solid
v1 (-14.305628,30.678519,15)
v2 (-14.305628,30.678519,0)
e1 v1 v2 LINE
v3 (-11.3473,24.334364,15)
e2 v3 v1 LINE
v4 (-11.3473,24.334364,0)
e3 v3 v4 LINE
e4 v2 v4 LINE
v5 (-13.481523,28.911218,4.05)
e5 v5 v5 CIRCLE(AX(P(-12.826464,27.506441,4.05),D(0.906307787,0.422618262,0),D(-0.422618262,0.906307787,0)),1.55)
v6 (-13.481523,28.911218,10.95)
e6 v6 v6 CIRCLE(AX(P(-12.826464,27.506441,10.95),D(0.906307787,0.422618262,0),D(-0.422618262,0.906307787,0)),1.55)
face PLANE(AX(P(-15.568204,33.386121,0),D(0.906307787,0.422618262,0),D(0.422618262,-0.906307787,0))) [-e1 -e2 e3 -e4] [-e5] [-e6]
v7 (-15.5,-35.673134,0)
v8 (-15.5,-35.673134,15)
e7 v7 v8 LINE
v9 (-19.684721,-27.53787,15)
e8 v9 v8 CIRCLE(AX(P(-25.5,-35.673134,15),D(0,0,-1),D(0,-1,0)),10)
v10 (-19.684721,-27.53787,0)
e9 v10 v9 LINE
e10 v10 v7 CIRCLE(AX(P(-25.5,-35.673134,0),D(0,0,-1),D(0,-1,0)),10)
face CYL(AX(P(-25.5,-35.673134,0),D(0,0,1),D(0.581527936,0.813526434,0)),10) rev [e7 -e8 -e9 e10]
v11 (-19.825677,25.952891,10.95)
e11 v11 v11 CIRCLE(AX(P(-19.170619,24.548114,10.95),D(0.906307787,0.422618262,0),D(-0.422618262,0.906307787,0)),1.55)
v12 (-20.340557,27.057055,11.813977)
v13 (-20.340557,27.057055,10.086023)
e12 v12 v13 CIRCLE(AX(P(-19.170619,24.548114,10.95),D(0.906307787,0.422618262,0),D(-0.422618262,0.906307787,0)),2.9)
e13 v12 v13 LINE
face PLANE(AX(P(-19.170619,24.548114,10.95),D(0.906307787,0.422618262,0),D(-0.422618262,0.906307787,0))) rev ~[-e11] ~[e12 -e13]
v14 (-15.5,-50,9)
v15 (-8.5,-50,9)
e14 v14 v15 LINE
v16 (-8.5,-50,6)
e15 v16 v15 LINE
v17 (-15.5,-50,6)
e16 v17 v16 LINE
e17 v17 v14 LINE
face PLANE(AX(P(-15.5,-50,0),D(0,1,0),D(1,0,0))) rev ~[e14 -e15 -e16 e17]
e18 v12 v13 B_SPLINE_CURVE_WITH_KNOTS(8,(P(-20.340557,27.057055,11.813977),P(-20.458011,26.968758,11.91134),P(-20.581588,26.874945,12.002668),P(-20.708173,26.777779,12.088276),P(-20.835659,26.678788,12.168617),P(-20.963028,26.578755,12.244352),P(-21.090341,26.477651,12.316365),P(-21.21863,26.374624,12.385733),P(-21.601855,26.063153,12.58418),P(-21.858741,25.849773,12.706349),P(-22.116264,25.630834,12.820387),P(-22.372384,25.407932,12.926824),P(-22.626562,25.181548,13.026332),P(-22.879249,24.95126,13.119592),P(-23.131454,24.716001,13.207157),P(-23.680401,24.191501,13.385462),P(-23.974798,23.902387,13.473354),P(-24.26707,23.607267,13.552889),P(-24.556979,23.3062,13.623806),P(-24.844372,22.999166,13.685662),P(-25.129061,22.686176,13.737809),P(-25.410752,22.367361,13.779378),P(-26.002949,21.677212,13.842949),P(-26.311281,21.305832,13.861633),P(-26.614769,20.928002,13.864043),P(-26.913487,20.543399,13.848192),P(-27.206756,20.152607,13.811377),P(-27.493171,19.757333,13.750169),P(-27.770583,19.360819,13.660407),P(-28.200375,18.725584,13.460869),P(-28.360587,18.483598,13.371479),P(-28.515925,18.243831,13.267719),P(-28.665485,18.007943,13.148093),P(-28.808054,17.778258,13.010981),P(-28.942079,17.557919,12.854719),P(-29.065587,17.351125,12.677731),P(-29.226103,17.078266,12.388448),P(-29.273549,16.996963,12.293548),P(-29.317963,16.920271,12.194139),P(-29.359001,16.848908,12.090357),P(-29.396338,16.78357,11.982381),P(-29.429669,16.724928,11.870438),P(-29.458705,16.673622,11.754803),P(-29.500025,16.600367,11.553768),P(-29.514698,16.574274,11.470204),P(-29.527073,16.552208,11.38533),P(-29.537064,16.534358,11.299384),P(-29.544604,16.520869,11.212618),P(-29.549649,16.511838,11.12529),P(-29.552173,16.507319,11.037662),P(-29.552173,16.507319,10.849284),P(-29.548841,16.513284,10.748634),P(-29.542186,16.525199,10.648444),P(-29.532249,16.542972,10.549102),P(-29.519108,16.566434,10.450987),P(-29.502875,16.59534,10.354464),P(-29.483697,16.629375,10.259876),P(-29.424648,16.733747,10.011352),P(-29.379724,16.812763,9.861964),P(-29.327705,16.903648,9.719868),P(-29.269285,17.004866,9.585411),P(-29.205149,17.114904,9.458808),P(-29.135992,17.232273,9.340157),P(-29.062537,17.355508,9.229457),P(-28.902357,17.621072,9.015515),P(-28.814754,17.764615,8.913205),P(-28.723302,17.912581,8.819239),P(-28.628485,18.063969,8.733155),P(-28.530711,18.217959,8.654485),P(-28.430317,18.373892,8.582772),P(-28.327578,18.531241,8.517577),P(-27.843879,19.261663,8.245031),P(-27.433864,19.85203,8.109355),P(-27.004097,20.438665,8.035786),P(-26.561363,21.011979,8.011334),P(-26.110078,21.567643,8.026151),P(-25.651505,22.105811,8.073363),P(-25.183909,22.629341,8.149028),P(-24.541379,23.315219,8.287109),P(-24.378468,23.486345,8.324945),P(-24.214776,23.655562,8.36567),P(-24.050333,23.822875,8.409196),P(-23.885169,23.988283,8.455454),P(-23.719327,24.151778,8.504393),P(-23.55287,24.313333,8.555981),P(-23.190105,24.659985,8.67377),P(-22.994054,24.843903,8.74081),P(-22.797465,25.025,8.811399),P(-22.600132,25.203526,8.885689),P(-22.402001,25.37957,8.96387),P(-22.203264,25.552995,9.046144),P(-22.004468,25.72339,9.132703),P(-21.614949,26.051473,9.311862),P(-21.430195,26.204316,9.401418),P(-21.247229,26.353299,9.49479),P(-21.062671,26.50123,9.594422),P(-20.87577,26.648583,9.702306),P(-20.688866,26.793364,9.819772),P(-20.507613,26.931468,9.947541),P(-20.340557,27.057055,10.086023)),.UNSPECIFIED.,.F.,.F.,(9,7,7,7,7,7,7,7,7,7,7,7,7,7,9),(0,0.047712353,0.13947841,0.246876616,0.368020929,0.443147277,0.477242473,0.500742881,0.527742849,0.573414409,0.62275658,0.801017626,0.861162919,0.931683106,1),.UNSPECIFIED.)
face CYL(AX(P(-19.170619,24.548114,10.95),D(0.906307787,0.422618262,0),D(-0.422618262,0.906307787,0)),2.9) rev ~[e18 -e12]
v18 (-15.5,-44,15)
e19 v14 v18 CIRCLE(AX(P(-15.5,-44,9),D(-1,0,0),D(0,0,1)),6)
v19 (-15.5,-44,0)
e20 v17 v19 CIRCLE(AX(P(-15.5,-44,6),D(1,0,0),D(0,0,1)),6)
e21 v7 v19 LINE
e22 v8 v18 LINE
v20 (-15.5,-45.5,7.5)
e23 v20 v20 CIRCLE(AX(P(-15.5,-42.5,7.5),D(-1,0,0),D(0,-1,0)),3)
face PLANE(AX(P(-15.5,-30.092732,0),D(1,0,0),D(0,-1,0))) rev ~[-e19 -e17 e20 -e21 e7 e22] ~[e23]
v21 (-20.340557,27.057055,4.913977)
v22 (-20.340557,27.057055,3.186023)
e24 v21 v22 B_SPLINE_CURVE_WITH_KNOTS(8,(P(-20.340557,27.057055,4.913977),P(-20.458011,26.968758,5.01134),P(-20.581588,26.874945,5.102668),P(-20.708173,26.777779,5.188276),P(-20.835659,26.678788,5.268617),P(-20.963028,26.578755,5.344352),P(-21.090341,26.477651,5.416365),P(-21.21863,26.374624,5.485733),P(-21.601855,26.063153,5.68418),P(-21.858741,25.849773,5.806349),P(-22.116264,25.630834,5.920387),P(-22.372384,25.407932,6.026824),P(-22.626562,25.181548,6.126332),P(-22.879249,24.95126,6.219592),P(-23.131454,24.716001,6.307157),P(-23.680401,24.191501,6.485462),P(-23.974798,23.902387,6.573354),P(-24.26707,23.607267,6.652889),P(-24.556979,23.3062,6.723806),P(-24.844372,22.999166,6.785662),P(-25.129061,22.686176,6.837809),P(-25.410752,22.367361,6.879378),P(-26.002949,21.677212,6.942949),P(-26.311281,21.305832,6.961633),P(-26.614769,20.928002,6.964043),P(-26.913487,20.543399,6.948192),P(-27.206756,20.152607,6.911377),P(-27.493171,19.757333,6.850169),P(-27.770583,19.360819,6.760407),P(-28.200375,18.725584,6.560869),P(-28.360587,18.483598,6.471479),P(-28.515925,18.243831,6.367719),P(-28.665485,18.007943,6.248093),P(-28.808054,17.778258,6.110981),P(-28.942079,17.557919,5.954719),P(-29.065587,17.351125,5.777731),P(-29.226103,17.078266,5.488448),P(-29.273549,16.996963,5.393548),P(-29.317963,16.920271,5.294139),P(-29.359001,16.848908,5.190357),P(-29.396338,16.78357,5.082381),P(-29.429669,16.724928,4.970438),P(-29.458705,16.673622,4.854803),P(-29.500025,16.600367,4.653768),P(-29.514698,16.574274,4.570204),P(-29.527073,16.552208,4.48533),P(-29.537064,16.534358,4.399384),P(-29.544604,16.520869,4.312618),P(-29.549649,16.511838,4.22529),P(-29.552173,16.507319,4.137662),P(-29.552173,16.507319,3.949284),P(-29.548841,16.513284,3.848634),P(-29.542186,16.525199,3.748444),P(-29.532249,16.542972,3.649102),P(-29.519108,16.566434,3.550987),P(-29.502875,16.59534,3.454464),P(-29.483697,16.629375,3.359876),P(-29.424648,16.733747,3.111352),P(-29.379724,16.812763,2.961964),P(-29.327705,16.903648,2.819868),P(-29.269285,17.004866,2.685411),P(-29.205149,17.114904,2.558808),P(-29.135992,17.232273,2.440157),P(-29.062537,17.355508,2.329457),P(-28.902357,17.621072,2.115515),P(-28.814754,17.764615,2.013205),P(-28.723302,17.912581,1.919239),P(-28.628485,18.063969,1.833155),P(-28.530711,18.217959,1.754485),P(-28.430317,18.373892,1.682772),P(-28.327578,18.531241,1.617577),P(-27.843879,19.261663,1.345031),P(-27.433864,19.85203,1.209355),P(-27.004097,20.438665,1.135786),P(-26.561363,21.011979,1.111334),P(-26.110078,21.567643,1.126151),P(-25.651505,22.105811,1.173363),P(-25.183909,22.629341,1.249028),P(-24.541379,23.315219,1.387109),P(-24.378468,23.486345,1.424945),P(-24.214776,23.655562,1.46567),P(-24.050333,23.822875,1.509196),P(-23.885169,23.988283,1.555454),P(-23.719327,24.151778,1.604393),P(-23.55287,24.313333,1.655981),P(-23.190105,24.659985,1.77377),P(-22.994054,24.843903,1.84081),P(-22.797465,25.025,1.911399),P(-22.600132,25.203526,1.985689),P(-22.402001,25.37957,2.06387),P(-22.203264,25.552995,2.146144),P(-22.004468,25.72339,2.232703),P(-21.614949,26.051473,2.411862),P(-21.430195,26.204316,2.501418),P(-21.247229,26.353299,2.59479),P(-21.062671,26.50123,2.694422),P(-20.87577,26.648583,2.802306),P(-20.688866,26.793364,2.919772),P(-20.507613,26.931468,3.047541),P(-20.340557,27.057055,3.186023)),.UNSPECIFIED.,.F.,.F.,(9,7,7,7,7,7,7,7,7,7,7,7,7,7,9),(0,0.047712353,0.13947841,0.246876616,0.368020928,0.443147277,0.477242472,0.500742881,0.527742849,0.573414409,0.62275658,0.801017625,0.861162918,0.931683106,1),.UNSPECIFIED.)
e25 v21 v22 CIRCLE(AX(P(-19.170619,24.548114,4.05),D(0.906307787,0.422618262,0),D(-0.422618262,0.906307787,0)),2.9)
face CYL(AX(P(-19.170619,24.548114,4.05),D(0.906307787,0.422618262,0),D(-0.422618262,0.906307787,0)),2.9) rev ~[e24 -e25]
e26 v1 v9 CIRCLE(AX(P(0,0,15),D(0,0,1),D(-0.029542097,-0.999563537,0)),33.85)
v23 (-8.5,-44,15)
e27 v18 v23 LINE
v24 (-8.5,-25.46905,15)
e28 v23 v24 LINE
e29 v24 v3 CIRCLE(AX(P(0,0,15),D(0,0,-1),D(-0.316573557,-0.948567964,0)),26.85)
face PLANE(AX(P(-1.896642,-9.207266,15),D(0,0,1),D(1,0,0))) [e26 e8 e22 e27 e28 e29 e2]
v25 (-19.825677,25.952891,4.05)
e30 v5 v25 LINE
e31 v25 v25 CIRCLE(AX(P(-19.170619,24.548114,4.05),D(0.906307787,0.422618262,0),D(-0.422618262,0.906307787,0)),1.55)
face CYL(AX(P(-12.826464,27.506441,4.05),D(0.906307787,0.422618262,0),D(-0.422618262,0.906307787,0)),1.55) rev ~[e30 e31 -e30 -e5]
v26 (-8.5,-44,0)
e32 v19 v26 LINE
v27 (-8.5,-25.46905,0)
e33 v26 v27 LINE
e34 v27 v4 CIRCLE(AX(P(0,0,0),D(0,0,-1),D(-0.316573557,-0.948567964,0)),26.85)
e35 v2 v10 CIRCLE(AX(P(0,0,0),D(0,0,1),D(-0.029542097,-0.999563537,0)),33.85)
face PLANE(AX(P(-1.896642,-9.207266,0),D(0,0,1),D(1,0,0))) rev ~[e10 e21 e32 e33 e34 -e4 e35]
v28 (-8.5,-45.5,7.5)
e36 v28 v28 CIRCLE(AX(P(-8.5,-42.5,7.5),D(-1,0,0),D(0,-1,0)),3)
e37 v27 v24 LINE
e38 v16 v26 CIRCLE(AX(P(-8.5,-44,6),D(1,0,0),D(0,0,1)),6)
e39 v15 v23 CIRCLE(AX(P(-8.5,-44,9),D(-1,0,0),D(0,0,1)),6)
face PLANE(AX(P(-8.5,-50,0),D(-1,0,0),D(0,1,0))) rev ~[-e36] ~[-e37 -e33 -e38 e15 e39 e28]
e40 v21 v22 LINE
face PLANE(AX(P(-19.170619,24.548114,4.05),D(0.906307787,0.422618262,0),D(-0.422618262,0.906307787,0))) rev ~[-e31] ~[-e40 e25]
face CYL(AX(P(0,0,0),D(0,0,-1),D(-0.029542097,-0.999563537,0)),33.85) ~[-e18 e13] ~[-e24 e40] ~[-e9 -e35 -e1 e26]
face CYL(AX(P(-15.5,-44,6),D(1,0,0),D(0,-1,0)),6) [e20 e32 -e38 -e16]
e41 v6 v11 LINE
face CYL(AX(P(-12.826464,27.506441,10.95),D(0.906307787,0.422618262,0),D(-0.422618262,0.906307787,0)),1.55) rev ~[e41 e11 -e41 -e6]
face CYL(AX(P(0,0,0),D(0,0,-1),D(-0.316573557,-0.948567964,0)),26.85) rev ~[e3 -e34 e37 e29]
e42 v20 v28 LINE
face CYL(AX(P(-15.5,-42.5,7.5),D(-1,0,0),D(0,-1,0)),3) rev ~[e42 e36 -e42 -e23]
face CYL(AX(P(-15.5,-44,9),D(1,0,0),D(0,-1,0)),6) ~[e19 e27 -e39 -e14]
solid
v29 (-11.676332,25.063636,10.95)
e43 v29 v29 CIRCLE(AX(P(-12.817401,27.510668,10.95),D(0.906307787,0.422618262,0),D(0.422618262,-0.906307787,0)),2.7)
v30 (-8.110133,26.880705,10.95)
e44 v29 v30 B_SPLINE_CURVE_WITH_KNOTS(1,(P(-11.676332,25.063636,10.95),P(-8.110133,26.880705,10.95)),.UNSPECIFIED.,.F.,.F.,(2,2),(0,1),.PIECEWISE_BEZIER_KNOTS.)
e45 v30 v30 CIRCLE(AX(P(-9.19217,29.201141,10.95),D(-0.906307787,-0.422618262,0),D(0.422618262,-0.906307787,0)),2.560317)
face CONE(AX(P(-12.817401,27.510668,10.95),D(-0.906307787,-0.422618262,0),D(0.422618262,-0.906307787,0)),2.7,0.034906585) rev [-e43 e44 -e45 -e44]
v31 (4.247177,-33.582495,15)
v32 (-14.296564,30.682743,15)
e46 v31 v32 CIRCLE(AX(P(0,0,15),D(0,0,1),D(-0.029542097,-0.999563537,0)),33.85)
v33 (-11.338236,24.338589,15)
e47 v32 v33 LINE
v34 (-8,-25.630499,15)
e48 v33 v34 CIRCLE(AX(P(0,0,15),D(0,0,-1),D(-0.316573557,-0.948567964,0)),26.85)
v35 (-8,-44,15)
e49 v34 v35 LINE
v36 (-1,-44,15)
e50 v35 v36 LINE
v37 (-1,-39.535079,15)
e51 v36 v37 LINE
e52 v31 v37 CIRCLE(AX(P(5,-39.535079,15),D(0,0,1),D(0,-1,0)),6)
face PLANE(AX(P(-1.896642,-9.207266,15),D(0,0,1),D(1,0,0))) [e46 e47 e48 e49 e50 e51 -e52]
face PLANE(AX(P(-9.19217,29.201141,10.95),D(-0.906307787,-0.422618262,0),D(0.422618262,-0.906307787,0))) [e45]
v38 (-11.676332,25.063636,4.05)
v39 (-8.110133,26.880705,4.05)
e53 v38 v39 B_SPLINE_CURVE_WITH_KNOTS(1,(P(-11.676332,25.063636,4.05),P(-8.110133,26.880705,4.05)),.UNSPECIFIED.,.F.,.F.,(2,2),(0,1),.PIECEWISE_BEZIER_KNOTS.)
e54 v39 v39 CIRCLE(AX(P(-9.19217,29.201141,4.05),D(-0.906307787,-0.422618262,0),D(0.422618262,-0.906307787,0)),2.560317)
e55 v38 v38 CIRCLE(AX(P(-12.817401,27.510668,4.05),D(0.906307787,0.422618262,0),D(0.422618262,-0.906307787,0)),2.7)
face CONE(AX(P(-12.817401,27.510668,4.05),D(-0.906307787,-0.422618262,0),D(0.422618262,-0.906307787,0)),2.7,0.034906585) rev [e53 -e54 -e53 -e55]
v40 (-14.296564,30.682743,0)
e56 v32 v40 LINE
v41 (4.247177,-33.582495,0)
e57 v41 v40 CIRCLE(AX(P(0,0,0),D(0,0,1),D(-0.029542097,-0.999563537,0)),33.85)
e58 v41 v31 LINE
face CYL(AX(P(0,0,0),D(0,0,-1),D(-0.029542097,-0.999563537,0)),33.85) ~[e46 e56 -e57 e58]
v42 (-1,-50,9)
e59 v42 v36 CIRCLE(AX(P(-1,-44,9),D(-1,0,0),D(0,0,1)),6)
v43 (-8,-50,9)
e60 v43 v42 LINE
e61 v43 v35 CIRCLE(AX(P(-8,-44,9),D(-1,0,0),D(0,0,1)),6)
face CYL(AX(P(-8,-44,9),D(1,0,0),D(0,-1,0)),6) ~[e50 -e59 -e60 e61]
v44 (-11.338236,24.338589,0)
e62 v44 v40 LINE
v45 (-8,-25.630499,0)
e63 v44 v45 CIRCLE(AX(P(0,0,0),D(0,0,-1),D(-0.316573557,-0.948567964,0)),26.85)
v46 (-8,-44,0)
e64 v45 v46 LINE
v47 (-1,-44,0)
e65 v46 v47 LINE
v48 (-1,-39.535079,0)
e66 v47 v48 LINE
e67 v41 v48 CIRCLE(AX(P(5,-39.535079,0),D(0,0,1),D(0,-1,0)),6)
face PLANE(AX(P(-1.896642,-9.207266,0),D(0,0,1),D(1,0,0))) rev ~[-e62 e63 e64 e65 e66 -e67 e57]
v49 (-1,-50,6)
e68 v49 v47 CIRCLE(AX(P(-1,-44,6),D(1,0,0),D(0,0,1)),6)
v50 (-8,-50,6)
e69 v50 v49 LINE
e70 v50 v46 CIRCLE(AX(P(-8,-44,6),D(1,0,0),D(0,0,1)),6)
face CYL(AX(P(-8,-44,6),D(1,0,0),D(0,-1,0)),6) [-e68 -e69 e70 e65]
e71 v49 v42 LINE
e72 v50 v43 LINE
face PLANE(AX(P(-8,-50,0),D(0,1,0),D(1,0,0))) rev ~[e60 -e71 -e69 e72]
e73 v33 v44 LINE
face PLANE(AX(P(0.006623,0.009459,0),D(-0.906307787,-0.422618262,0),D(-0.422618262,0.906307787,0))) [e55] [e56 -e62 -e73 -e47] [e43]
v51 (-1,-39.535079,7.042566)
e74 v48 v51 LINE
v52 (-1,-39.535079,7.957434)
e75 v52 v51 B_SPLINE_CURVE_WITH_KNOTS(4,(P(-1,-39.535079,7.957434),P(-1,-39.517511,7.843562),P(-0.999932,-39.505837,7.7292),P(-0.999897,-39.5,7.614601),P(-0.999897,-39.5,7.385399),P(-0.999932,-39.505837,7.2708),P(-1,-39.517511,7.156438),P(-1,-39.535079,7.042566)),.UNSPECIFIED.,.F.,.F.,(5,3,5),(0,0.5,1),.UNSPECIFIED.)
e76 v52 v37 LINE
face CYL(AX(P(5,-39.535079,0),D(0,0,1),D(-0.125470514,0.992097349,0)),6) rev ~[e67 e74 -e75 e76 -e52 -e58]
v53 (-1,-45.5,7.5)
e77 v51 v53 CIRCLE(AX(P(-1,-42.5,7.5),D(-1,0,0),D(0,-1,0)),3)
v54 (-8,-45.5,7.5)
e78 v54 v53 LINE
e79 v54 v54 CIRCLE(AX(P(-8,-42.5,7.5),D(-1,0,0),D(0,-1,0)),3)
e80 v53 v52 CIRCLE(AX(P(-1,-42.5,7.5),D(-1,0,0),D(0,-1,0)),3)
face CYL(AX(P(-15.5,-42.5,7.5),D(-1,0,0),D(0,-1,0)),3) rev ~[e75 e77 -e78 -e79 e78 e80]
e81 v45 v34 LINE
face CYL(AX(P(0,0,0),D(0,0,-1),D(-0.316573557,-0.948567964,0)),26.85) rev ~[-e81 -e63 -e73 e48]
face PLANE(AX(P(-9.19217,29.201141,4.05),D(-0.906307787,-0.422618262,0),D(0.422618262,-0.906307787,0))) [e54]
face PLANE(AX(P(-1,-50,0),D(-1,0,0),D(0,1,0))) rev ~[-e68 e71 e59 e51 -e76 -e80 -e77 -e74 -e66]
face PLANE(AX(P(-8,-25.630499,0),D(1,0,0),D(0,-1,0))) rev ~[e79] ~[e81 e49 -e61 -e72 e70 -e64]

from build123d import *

# Parameters (mm, degrees)
F1_DEPTH       = 15
F2_R           = 6
F3_R           = 10
F4_R           = 6
F5_R           = 3
F6_DEPTH       = 49.351
F8_DEPTH       = 15.0010001
F9_R           = 1.55
F10_DEPTH      = 7
F10_DEPTH_BACK = 3.8
F11_R          = 2.7
F12_DEPTH      = 4
F12_TAPER      = 2
F13_R          = 2.9
F14_DEPTH      = 44.8104316782


with BuildPart() as f1:
    # F0 (on Top) → F1 (new body)
    with BuildSketch(Plane.XY):
        with BuildLine():
            Line((-1, -50), (-1, -33.835225727))
            ThreePointArc((-1, -33.835225727), (8.4595546822, 32.7758819039), (-15.5, -30.0927316806))
            Line((-15.5, -30.0927316806), (-15.5, -50))
            Line((-15.5, -50), (-8.5, -50))
            Line((-8.5, -50), (-8.5, -25.4690498449))
            ThreePointArc((-8.5, -25.4690498449), (8.2503949294, 25.5509977009), (-8, -25.6304994099))
            Line((-8, -25.6304994099), (-8, -50))
            Line((-8, -50), (-1, -50))
        make_face()
    extrude(amount=F1_DEPTH)

    # F2
    f2_edges = [f1.edges().sort_by_distance(p)[0] for p in [
        (-12, -50, 15),
        (-4.5, -50, 15),
        (-12, -50, 0),
        (-4.5, -50, 0),
    ]]
    fillet(f2_edges, radius=F2_R)

    # F3
    f3_edges = [f1.edges().sort_by_distance(p)[0] for p in [
        (-15.5, -30.092732, 7.5),
    ]]
    fillet(f3_edges, radius=F3_R)

    # F4
    f4_edges = [f1.edges().sort_by_distance(p)[0] for p in [
        (-1, -33.835226, 7.5),
    ]]
    fillet(f4_edges, radius=F4_R)

    # F5 (on face) → F6 (cut, through all)
    with BuildSketch(Plane(origin=(-15.5, 0, 0), x_dir=(0, -1, 0), z_dir=(-1, 0, 0))):
        with Locations((42.5, 7.5)):
            Circle(F5_R)
    extrude(amount=-F6_DEPTH, mode=Mode.SUBTRACT)

    # F7 (on Top) → F8 (cut, through all)
    with BuildSketch(Plane.XY):
        Polygon((-15.5682038442, 33.3861208837), (0, 0), (0.0066230902, 0.0094587531), (-15.561580754, 33.3955796368), align=None)
    extrude(amount=F8_DEPTH, mode=Mode.SUBTRACT)

    # F9 (on face) → F10 (cut, two sides)
    with BuildSketch(Plane(origin=(0, 0, 0), x_dir=(-0.4226182617, 0.906307787, 0), z_dir=(0.906307787, 0.4226182617, 0))) as f10_sk:
        with Locations((30.35, 10.95)):
            Circle(F9_R)
        with Locations((30.35, 4.05)):
            Circle(F9_R)
    extrude(amount=-F10_DEPTH, mode=Mode.SUBTRACT)
    extrude(f10_sk.sketch, amount=F10_DEPTH_BACK, mode=Mode.SUBTRACT)

    # F11 (on face) → F12 (cut)
    with BuildSketch(Plane(origin=(0.0090630779, 0.0042261826, 0), x_dir=(0.4226182617, -0.906307787, 0), z_dir=(-0.906307787, -0.4226182617, 0))):
        with Locations((-30.35, 10.95)):
            Circle(F11_R)
        with Locations((-30.35, 4.05)):
            Circle(F11_R)
    extrude(amount=-F12_DEPTH, taper=F12_TAPER, mode=Mode.SUBTRACT)

    # F13 (on face) → F14 (cut, through all)
    with BuildSketch(Plane(origin=(-6.3441545093, -2.9583278322, 0), x_dir=(-0.4226182617, 0.906307787, 0), z_dir=(0.906307787, 0.4226182617, 0))):
        with Locations((30.35, 10.95)):
            Circle(F13_R)
        with Locations((30.35, 4.05)):
            Circle(F13_R)
    extrude(amount=-F14_DEPTH, mode=Mode.SUBTRACT)


solid = f1.part
